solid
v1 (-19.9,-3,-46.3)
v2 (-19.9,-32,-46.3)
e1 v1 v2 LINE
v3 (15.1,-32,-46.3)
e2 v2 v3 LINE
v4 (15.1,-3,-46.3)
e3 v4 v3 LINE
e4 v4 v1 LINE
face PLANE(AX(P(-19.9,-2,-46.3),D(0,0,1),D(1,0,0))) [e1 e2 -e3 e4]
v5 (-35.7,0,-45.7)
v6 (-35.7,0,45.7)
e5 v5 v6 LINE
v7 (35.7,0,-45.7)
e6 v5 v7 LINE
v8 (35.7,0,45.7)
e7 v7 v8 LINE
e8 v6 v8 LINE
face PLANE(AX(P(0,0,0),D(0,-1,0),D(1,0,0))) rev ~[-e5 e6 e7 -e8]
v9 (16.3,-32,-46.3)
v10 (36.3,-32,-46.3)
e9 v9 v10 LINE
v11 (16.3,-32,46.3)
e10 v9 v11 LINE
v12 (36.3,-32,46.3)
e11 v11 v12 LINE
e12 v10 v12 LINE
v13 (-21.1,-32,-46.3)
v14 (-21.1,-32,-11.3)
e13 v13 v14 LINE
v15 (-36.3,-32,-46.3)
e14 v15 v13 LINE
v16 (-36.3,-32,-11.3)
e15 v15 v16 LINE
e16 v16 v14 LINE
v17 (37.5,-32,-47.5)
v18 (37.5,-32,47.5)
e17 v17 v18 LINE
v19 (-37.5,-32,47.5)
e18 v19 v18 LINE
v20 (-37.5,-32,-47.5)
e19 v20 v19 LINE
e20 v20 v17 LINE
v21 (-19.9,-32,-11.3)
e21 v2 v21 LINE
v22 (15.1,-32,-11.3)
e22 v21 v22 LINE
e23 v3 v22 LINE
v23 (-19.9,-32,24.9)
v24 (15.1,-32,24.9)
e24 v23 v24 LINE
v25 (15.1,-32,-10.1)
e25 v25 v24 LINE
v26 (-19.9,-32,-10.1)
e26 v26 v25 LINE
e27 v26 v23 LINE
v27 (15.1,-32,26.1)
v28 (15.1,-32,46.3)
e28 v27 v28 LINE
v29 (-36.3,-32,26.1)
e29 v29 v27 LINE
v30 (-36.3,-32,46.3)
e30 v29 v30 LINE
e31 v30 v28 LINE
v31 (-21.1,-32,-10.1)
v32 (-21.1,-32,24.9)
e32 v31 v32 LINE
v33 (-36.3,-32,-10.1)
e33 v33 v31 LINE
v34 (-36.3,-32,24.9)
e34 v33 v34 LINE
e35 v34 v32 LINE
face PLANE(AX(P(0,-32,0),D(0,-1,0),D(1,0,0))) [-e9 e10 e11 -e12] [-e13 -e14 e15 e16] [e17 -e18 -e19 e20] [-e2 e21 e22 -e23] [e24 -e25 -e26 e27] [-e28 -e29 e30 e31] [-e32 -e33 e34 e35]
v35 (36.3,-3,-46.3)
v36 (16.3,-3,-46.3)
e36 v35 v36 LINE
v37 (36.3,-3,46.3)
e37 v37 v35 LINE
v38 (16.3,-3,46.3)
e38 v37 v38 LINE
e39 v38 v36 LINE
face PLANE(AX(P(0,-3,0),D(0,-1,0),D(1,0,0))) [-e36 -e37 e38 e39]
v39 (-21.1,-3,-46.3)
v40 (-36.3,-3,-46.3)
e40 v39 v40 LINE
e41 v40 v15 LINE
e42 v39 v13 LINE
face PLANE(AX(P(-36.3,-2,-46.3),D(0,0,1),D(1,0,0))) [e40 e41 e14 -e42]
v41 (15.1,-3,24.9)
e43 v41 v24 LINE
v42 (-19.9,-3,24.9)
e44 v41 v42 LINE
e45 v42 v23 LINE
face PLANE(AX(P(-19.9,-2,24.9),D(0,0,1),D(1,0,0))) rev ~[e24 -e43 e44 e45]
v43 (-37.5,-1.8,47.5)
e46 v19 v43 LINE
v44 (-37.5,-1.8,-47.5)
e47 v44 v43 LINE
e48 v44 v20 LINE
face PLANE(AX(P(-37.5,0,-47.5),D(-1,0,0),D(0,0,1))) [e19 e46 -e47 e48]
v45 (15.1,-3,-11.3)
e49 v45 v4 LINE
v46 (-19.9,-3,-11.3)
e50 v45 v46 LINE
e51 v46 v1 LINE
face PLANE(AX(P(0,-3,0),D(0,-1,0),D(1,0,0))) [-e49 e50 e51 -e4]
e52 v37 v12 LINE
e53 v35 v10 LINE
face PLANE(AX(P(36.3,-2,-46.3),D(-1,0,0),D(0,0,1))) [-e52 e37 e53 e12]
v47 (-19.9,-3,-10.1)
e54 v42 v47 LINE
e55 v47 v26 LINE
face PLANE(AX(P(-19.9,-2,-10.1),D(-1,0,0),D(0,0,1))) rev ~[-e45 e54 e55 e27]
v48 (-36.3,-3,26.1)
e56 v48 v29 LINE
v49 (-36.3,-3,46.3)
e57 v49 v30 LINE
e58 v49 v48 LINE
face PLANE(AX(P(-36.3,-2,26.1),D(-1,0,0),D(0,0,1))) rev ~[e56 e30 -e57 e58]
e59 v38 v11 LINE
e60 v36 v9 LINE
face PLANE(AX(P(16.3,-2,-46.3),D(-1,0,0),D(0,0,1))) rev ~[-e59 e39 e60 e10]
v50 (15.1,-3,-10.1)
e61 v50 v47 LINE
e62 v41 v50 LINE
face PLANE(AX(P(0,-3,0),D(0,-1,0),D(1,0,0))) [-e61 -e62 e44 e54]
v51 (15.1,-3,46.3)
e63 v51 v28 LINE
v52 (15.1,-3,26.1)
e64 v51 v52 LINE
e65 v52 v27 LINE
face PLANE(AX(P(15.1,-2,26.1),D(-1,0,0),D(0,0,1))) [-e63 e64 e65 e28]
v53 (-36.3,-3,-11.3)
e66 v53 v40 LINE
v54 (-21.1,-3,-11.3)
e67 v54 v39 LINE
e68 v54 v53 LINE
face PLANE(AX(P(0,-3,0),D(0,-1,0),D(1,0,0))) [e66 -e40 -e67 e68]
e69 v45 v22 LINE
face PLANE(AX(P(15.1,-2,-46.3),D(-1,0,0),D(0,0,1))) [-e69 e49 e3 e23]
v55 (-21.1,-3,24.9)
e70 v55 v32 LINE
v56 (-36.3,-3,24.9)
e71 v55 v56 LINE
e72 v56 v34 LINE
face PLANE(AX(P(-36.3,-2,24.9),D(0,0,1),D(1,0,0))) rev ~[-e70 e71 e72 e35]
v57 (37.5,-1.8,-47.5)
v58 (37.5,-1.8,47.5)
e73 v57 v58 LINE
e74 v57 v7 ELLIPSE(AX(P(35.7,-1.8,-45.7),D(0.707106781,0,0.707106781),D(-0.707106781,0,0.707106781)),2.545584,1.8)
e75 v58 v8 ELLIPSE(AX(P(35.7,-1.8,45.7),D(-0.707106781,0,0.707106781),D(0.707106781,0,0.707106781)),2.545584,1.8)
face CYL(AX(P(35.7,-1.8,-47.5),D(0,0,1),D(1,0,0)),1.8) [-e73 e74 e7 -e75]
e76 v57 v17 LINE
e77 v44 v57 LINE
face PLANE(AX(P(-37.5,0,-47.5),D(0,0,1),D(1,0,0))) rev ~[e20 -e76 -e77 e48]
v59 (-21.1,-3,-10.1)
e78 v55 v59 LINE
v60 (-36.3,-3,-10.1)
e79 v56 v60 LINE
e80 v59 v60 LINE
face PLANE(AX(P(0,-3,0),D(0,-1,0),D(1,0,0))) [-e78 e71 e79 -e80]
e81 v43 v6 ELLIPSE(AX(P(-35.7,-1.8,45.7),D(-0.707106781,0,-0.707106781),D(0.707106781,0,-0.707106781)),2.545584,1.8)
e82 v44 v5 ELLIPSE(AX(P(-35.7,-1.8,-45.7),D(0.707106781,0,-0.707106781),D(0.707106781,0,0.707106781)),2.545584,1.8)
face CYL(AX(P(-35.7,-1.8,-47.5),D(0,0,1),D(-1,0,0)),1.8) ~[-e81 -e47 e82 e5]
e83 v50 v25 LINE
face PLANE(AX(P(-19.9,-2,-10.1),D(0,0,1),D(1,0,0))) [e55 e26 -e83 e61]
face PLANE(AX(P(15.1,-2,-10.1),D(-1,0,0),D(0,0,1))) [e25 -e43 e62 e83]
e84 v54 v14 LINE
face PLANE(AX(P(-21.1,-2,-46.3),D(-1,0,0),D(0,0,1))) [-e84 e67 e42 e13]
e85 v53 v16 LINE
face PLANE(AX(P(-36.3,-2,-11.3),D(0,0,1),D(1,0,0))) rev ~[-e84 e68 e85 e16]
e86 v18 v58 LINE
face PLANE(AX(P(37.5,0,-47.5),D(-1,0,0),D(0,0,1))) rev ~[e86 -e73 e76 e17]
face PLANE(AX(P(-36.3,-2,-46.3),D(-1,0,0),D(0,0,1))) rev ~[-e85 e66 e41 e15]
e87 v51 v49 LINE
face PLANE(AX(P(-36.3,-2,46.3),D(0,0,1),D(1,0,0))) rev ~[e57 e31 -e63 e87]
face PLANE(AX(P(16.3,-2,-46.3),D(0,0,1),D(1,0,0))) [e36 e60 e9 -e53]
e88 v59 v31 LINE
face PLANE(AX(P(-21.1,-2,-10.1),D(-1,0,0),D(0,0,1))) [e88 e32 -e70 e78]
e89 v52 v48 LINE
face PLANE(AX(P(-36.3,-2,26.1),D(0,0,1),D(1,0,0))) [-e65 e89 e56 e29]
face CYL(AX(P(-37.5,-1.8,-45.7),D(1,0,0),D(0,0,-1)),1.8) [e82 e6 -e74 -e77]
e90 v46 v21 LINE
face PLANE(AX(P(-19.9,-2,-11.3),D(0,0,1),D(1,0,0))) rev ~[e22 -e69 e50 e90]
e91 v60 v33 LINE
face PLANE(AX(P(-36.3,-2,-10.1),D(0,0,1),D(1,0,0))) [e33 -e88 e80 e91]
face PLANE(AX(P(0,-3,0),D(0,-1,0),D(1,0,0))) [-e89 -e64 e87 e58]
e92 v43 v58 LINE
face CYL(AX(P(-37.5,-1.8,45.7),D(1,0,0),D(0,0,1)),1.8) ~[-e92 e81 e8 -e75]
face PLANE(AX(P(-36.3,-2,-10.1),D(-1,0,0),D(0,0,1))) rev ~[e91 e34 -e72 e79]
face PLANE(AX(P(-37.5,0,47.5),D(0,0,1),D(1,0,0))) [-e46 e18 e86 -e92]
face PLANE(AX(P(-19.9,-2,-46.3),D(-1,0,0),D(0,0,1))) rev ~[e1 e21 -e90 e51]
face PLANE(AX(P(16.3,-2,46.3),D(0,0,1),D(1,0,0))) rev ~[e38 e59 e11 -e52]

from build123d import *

# Parameters (mm, degrees)
SKETCH009_W   = 75
SKETCH009_H   = 95
PAD005_DEPTH  = 3
SKETCH010_W   = 75
SKETCH010_H   = 95
SKETCH010_W_2 = 51.4
SKETCH010_H_2 = 20.2
SKETCH010_W_3 = 20
SKETCH010_H_3 = 92.6
SKETCH010_W_4 = 15.2
SKETCH010_H_4 = 35
SKETCH010_W_5 = 35
PAD006_DEPTH  = 30
FILLET003_R   = 1.8


with BuildPart() as part:
    # Sketch009 → Pad005 (new body)
    with BuildSketch(Plane.XZ):
        Rectangle(SKETCH009_W, SKETCH009_H)
    extrude(amount=PAD005_DEPTH)

    # Sketch010 → Pad006 (join)
    with BuildSketch(Plane.XZ.offset(2)):
        Rectangle(SKETCH010_W, SKETCH010_H)
        with Locations((-10.6, 36.2)):
            Rectangle(SKETCH010_W_2, SKETCH010_H_2, mode=Mode.SUBTRACT)
        with Locations((26.3, 0)):
            Rectangle(SKETCH010_W_3, SKETCH010_H_3, mode=Mode.SUBTRACT)
        with Locations((-28.7, 7.4)):
            Rectangle(SKETCH010_W_4, SKETCH010_H_4, mode=Mode.SUBTRACT)
        with Locations((-28.7, -28.8)):
            Rectangle(SKETCH010_W_4, SKETCH010_H_4, mode=Mode.SUBTRACT)
        with Locations((-2.4, 7.4)):
            Rectangle(SKETCH010_W_5, SKETCH010_H_4, mode=Mode.SUBTRACT)
        with Locations((-2.4, -28.8)):
            Rectangle(SKETCH010_W_5, SKETCH010_H_4, mode=Mode.SUBTRACT)
    extrude(amount=PAD006_DEPTH)

    # Fillet003
    fillet003_edges = [part.edges().sort_by_distance(p)[0] for p in [
        (0, 0, 47.5),
        (37.5, 0, 0),
        (0, 0, -47.5),
        (-37.5, 0, 0),
    ]]
    fillet(fillet003_edges, radius=FILLET003_R)


solid = part.part
